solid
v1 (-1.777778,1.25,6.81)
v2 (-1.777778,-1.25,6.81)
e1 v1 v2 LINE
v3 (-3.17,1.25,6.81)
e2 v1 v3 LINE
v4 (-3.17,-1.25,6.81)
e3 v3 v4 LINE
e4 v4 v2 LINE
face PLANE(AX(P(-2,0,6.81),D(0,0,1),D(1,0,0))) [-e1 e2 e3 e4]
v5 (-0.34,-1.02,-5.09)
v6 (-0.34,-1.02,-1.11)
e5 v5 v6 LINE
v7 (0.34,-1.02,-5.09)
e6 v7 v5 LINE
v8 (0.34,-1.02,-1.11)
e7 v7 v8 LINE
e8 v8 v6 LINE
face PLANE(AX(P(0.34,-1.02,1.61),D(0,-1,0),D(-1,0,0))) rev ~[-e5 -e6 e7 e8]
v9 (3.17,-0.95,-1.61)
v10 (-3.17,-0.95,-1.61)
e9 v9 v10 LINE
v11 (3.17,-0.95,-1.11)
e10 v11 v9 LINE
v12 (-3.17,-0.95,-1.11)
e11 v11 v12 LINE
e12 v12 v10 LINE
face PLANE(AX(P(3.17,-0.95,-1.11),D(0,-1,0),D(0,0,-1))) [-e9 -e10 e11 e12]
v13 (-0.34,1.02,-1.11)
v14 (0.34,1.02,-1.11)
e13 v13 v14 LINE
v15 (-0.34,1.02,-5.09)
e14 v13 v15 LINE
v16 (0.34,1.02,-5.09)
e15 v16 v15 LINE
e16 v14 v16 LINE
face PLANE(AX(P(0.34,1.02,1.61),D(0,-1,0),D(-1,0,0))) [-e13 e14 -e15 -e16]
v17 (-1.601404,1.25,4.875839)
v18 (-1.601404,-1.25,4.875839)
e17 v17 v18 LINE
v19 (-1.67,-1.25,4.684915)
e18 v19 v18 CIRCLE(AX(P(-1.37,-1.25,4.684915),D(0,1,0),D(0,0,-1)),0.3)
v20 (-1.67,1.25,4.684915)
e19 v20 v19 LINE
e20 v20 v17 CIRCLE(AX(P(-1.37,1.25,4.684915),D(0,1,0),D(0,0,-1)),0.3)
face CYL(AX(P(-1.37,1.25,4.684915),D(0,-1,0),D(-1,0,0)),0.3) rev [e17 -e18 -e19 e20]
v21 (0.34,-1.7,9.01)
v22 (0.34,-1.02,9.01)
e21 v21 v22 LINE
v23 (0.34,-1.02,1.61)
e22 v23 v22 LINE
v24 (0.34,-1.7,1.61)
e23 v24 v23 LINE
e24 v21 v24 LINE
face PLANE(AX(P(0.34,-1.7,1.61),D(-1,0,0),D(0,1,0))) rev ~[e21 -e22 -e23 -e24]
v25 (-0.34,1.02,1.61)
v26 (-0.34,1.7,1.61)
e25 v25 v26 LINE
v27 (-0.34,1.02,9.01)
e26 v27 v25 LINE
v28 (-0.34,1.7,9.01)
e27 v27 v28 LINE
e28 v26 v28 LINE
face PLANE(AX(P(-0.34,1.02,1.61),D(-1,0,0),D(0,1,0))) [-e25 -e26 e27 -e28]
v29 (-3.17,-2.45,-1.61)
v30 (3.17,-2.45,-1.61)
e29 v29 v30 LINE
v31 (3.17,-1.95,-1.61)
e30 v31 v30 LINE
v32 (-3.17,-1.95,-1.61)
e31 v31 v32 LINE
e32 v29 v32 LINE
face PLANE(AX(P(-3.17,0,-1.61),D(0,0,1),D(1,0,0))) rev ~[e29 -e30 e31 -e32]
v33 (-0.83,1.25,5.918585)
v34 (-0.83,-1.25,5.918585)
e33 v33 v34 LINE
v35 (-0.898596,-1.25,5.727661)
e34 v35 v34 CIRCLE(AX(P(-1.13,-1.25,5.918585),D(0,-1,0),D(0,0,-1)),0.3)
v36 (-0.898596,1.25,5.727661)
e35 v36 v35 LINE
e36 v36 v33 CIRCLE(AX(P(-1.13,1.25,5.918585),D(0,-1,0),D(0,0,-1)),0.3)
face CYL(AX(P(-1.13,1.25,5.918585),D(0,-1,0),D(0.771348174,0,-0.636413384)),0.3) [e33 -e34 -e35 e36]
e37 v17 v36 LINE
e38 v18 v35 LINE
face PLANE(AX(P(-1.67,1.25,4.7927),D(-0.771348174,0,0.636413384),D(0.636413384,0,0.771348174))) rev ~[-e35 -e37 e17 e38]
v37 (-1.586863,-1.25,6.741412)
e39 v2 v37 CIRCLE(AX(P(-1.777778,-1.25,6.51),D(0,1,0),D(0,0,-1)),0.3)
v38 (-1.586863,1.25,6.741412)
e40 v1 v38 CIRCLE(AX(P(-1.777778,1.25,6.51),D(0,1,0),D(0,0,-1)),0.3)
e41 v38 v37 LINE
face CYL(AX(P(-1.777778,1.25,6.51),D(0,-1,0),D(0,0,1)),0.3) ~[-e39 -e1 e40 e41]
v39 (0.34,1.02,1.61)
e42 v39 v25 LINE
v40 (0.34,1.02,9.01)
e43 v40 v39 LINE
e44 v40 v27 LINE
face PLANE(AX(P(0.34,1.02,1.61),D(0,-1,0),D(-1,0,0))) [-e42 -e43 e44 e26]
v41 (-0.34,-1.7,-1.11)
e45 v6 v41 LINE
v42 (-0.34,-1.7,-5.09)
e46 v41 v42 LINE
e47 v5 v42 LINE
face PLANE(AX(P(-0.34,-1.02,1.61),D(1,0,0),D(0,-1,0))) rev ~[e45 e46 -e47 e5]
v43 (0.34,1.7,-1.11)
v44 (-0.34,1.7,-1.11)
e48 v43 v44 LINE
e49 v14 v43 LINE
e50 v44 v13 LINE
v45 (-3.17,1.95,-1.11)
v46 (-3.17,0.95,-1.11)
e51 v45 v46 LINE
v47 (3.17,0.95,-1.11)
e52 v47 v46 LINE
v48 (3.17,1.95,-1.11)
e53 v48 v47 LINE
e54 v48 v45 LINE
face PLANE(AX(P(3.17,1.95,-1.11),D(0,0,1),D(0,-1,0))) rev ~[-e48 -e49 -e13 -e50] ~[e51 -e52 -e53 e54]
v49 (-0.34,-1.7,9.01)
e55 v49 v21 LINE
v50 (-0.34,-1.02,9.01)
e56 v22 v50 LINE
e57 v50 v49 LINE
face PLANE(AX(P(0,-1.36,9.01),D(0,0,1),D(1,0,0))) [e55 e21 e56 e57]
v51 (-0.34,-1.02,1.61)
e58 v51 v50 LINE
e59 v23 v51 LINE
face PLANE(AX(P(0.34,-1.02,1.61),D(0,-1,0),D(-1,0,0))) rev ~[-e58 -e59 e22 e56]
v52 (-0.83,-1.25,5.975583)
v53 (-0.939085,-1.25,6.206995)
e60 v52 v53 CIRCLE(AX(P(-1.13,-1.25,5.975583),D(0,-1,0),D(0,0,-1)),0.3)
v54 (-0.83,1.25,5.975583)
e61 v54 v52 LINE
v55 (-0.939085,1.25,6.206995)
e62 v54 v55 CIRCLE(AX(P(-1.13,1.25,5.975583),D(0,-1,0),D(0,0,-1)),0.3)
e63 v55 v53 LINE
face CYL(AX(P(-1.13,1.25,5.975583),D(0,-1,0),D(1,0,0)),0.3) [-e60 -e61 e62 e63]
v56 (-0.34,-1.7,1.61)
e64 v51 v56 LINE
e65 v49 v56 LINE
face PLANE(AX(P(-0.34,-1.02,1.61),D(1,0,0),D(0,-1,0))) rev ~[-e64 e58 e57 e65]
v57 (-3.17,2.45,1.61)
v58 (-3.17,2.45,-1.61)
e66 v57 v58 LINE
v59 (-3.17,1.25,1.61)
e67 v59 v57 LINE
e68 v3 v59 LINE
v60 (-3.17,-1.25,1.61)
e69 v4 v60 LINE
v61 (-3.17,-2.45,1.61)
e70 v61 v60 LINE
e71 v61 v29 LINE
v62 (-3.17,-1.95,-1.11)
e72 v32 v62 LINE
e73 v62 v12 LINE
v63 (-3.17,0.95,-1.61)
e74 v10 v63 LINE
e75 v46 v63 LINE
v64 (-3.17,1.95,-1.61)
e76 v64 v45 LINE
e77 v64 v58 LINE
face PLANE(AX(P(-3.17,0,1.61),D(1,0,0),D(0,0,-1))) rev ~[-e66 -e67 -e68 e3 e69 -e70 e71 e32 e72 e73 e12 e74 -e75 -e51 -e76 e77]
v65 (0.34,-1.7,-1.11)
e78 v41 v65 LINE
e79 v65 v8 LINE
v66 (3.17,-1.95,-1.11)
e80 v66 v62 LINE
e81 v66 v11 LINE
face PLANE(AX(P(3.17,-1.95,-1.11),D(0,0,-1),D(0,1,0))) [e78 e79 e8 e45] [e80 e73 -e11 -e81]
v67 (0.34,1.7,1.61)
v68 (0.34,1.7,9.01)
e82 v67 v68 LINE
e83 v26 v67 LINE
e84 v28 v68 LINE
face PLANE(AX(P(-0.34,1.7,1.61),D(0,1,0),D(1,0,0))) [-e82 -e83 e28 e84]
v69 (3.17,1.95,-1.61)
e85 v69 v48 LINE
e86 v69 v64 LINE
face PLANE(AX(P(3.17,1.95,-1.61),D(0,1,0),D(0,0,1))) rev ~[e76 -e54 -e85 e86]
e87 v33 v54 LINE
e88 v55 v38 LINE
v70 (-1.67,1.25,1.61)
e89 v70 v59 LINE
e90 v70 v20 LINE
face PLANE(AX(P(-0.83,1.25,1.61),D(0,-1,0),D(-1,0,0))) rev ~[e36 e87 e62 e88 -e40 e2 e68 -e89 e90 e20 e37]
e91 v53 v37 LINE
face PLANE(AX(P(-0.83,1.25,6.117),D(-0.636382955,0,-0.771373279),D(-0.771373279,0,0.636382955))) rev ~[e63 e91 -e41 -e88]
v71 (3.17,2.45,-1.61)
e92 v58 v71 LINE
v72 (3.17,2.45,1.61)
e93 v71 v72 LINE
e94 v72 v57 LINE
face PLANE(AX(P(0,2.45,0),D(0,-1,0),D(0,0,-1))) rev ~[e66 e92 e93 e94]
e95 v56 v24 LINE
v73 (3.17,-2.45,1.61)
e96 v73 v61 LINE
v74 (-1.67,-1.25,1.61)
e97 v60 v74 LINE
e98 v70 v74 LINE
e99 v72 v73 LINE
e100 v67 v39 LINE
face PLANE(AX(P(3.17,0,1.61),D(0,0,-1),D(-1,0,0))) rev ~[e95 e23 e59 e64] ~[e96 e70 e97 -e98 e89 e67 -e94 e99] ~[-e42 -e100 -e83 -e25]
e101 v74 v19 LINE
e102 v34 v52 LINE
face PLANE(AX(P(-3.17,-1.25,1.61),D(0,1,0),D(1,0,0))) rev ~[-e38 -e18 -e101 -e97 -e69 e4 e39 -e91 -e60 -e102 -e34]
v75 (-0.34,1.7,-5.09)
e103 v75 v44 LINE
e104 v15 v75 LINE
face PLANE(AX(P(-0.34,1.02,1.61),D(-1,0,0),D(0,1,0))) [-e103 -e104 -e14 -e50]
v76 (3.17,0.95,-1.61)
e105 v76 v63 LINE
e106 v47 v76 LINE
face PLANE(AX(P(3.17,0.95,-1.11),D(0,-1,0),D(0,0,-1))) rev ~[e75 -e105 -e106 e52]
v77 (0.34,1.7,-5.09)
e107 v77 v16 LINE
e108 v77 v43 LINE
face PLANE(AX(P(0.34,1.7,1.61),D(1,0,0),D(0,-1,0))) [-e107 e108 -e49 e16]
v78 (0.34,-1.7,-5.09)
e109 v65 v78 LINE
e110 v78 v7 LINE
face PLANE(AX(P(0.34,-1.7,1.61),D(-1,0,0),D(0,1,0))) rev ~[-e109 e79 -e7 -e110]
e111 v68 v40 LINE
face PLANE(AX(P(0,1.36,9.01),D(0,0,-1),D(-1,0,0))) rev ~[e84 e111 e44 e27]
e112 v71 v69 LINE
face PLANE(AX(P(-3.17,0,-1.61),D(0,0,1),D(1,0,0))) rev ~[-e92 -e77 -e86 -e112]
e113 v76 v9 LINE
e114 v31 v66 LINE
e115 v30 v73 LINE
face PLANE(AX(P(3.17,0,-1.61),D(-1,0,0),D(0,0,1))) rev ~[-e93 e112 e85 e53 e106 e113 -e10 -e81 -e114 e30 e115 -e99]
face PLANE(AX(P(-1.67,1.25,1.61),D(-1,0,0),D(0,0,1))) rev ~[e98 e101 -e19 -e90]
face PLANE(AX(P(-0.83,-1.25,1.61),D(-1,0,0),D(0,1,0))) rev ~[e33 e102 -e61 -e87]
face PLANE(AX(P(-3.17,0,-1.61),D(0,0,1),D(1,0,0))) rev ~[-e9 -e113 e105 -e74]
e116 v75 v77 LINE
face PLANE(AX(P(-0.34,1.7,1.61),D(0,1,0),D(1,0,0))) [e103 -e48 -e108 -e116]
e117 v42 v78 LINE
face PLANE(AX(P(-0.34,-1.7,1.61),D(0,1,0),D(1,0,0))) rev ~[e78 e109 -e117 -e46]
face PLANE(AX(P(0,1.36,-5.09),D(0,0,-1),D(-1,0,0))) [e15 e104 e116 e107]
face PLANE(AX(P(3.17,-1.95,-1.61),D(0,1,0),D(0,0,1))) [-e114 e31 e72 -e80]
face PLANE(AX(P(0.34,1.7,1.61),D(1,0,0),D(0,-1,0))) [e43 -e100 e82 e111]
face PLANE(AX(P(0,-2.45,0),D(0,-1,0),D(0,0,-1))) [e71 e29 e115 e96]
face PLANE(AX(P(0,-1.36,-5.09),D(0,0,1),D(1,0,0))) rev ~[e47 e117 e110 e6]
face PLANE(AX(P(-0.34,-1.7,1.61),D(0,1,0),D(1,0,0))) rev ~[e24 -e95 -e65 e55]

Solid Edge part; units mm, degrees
sketch "Sketch1" plane through (0, 0, 0) normal (0, -1, 0) x (1, 0, 0)
  line L0 (-3.17, -1.61) -> (3.17, -1.61)
  line L1 (3.17, -1.61) -> (3.17, 1.61)
  line L2 (3.17, 1.61) -> (-3.17, 1.61)
  line L3 (-3.17, 1.61) -> (-3.17, -1.61)
extrude "Protrusion1" add sketch "Sketch1" along normal mid plane 4.9
sketch "Sketch2" plane through (0, 0, 1.61) normal (0, 0, 1) x (1, 0, 0)
  line L0 (-3.17, -1.25) -> (-0.83, -1.25)
  line L1 (-0.83, -1.25) -> (-0.83, 1.25)
  line L2 (-0.83, 1.25) -> (-3.17, 1.25)
  line L3 (-3.17, 1.25) -> (-3.17, -1.25)
  dimension "D1" = 2.34
extrude "ExtrudedProtrusion_2" add sketch "Sketch2" along normal blind 5.2 and the other way blind 1.7629
sketch "Sketch3" plane through (3.17, 0, 0) normal (1, 0, 0) x (0, 1, 0)
  line L0 (-1.95, -1.11) -> (-0.95, -1.11)
  line L1 (-0.95, -1.11) -> (-0.95, -1.61)
  line L2 (-0.95, -1.61) -> (-1.95, -1.61)
  line L3 (-1.95, -1.61) -> (-1.95, -1.11)
  line L4 (1.95, -1.11) -> (0.95, -1.11)
  line L5 (0.95, -1.11) -> (0.95, -1.61)
  line L6 (0.95, -1.61) -> (1.95, -1.61)
  line L7 (1.95, -1.61) -> (1.95, -1.11)
  dimension "D1" = 1
  dimension "D2" = 0.5
  dimension "D3" = 0.5
extrude "Cutout1" cut sketch "Sketch3" against normal up to surface (6.34 mm away)
sketch "Sketch4" plane through (0, 0, 1.61) normal (0, 0, 1) x (0, 1, 0)
  line L0 (-1.7, -0.34) -> (-1.02, -0.34)
  line L1 (-1.02, -0.34) -> (-1.02, 0.34)
  line L2 (-1.02, 0.34) -> (-1.7, 0.34)
  line L3 (-1.7, 0.34) -> (-1.7, -0.34)
  line L4 (1.7, -0.34) -> (1.02, -0.34)
  line L5 (1.02, -0.34) -> (1.02, 0.34)
  line L6 (1.02, 0.34) -> (1.7, 0.34)
  line L7 (1.7, 0.34) -> (1.7, -0.34)
  dimension "D1" = 0.68
  dimension "D2" = 0.68
  dimension "D3" = 0.75
extrude "ExtrudedProtrusion_3" add sketch "Sketch4" along normal blind 7.4 and the other way blind 6.7
sketch "Sketch5" plane through (-2, 1.25, 4.21) normal (0, 1, 0) x (-1, 0, 0)
  line L0 (-0.33, 2.6) -> (-1.17, 2.6)
  line L1 (-1.17, 2.6) -> (-1.17, 1.907)
  line L2 (-1.17, 1.907) -> (-0.33, 2.6)
  line L3 (-0.33, 0.5827) -> (-1.17, 1.6008)
  line L4 (-1.17, 1.6008) -> (-1.17, -2.6)
  line L5 (-1.17, -2.6) -> (-0.33, -2.6)
  line L6 (-0.33, -2.6) -> (-0.33, 0.5827)
  dimension "D1" = 1.5
extrude "Cutout2" cut sketch "Sketch5" against normal up to surface (2.5 mm away)
fillet "Round_1" radius 0.3 4 edges at (-0.83, 0, 6.117) (-1.67, 0, 6.81) (-0.83, 0, 5.8108) (-1.67, 0, 4.7927)
